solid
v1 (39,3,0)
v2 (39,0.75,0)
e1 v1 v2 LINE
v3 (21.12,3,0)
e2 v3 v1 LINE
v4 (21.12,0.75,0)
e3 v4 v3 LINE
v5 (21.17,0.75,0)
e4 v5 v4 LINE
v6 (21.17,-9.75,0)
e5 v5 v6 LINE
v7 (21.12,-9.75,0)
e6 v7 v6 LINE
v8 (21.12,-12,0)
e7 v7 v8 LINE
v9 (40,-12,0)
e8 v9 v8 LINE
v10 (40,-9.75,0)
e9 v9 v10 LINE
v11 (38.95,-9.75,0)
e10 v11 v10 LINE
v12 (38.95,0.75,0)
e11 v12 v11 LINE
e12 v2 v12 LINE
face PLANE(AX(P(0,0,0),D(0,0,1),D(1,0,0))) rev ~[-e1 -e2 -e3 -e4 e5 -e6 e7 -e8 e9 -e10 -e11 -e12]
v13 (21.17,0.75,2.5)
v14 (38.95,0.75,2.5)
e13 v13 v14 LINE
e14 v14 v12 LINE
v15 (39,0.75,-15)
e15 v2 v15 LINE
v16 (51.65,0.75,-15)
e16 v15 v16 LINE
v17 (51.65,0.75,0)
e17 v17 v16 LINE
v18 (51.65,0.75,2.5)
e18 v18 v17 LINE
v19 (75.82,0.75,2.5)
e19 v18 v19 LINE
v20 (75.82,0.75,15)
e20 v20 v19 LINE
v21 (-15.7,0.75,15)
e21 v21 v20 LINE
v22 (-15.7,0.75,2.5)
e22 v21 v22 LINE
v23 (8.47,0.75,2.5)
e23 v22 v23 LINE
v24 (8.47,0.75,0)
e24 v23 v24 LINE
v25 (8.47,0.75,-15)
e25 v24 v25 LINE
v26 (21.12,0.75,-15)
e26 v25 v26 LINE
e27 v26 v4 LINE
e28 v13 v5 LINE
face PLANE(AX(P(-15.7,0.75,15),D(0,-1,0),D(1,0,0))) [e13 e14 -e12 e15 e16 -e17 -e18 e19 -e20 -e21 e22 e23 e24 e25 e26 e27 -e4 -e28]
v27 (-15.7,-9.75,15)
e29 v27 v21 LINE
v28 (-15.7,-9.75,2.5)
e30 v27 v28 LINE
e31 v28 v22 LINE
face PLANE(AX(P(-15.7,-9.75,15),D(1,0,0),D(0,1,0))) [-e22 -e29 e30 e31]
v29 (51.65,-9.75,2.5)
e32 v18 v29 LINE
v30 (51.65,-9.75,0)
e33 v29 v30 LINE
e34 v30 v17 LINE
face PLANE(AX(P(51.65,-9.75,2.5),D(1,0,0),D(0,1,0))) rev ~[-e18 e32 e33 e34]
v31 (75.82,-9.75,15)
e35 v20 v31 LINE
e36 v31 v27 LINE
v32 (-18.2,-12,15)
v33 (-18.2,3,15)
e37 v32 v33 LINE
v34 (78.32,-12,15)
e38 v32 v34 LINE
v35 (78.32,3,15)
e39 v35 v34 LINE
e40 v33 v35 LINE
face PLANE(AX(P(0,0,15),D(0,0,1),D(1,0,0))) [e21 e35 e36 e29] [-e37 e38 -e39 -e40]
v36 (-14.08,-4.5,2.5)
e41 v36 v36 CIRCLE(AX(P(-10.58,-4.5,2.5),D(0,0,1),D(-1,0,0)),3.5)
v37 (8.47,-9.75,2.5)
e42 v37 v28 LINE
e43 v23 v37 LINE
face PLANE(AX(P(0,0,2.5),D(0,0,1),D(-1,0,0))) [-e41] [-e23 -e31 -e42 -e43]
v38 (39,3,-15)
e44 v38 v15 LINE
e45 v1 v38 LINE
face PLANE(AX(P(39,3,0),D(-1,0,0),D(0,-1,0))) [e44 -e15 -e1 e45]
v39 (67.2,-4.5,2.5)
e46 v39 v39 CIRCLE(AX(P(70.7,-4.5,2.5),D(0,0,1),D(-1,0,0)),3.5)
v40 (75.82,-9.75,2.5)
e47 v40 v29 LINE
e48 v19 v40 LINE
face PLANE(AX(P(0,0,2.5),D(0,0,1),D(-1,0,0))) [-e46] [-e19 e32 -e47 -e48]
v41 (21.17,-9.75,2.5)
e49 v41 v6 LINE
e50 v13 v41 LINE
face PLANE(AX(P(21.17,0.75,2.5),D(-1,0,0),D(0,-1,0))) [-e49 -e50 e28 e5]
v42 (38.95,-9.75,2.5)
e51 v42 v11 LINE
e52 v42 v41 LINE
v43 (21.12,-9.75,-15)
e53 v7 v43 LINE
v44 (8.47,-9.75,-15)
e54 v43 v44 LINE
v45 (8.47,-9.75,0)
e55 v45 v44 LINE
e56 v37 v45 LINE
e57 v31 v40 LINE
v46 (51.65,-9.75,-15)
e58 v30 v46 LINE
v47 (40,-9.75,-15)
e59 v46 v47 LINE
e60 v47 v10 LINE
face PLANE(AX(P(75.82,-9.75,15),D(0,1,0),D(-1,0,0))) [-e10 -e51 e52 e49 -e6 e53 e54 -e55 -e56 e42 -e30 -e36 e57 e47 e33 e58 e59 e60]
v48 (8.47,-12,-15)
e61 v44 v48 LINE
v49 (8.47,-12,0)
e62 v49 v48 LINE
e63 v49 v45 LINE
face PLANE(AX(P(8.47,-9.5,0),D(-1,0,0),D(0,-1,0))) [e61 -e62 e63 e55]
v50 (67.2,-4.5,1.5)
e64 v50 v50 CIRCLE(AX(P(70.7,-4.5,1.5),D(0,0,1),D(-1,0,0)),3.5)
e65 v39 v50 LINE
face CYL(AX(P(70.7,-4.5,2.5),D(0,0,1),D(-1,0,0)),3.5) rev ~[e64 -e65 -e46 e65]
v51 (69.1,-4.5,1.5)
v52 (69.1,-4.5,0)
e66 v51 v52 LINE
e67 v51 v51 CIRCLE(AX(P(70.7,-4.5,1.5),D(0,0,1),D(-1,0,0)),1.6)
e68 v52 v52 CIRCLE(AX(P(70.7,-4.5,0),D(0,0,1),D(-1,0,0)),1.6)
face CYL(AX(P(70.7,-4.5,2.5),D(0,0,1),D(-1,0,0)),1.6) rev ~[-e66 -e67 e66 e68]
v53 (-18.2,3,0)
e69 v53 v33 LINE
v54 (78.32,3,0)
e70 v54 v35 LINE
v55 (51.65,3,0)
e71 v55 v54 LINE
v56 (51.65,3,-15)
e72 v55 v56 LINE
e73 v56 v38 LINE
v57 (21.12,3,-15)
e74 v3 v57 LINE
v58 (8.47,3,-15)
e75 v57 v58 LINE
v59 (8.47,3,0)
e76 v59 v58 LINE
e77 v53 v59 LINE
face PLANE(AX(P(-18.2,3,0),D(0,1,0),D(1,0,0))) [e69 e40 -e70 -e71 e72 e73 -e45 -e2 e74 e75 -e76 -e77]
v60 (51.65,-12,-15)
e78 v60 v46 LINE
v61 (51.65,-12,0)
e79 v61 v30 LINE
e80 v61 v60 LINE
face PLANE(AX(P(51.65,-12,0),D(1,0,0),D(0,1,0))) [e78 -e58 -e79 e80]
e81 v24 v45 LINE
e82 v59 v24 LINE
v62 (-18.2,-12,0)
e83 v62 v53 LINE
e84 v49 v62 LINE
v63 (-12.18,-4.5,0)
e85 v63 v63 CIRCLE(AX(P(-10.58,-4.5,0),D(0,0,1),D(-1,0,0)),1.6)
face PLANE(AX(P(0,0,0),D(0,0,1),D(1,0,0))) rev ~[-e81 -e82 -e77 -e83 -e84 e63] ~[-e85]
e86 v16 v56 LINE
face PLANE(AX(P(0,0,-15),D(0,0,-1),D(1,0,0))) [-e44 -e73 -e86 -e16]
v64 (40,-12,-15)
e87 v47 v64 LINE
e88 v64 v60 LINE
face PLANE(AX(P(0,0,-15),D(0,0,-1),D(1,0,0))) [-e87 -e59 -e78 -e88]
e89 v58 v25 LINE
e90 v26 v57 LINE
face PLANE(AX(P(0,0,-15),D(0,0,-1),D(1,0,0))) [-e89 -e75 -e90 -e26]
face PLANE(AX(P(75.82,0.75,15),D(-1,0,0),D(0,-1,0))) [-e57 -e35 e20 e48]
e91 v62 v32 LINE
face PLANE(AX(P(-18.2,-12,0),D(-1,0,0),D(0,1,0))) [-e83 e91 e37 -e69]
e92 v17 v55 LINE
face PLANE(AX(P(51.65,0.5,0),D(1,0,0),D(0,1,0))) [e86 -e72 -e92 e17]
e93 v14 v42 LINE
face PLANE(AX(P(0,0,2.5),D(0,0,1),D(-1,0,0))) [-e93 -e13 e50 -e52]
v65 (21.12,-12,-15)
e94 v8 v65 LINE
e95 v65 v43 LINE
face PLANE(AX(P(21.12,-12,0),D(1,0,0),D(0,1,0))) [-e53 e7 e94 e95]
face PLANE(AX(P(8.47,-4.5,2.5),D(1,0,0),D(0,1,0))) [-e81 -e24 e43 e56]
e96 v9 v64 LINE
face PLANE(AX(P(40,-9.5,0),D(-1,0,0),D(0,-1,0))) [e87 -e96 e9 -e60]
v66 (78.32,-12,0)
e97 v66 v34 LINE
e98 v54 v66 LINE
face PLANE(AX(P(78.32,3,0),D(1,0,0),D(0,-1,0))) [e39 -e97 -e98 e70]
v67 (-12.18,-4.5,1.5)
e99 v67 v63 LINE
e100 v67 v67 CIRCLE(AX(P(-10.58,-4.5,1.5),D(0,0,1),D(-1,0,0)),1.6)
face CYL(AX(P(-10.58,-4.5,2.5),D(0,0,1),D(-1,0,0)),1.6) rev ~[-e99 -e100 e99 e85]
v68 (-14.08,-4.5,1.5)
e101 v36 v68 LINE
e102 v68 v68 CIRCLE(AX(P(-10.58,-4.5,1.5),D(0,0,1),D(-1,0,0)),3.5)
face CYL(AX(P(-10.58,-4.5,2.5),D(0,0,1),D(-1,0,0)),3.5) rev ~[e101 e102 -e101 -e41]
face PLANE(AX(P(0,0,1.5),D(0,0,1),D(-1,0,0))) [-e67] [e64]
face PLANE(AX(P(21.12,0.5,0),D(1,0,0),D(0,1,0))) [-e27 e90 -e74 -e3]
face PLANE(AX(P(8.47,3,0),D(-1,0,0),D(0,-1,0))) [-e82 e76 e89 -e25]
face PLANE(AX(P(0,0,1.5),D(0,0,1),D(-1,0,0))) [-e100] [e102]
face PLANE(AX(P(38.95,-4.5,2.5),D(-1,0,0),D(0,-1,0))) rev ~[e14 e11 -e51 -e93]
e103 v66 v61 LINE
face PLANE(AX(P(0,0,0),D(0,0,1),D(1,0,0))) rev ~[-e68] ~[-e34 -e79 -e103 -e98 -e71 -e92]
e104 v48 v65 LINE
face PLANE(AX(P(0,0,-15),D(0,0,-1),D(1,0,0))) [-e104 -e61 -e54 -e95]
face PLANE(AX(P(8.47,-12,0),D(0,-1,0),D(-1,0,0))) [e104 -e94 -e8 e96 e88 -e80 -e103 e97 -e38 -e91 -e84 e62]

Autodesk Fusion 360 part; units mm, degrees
sketch "Sketch1" plane through (0, 0, 0) normal (0, 0, 1) x (1, 0, 0)
  line L0 (-18.2, 3) -> (78.32, 3)
  line L1 (78.32, 3) -> (78.32, -12)
  line L2 (78.32, -12) -> (-18.2, -12)
  line L3 (-18.2, -12) -> (-18.2, 3)
  line L4 (-18.2, 3) -> (8.47, 3)
  line L5 (8.47, 3) -> (8.47, 0.5)
  line L6 (8.47, 0.5) -> (21.12, 0.5)
  line L7 (21.12, 0.5) -> (21.12, 3)
  line L8 (78.32, 3) -> (51.65, 3)
  line L9 (51.65, 3) -> (39, 3)
  line L10 (39, 3) -> (39, 0.5)
  line L11 (39, 0.5) -> (51.65, 0.5)
  line L12 (51.65, 0.5) -> (51.65, 3)
  line L13 (8.47, -12) -> (21.12, -12)
  line L14 (8.47, -12) -> (8.47, -9.5)
  line L15 (8.47, -9.5) -> (21.12, -9.5)
  line L16 (21.12, -9.5) -> (21.12, -12)
  line L17 (51.65, -12) -> (39, -12)
  line L18 (40, -12) -> (40, -9.5)
  line L19 (51.65, -12) -> (51.65, -9.5)
  line L20 (40, -9.5) -> (51.65, -9.5)
  dimension "d1" = 96.52
  dimension "d2" = 15
  dimension "d3" = 26.67
  dimension "d4" = 2.5
  dimension "d5" = 12.65
  dimension "d6" = 26.67
  dimension "d7" = 12.65
  dimension "d8" = 12.65
  dimension "d9" = 2.5
  dimension "d10" = 12.65
  dimension "d11" = 2.5
  dimension "d12" = 2.5
extrude "Extrude1" add sketch "Sketch1" along normal blind 15 contours L0 L1 L2 L3 L4 L5 L6 L7 L8 L10 L11 L12 L14 L15 L16 L17 L18 L19 L20 makes body 1
sketch "Sketch2" plane through (0, 0, 0) normal (0, 0, -1) x (1, 0, 0)
  line L0 (40, 9.5) -> (40, 12)
  line L1 (40, 12) -> (21.12, 12)
  line L2 (21.12, 12) -> (21.12, 9.5)
  line L3 (21.12, 9.5) -> (8.47, 9.5)
  line L4 (8.47, 9.5) -> (8.47, 12)
  line L5 (8.47, 12) -> (-18.2, 12)
  line L6 (-18.2, 12) -> (-18.2, -3)
  line L7 (-18.2, -3) -> (8.47, -3)
  line L8 (8.47, -3) -> (8.47, -0.5)
  line L9 (8.47, -0.5) -> (21.12, -0.5)
  line L10 (21.12, -0.5) -> (21.12, -3)
  line L11 (21.12, -3) -> (39, -3)
  line L12 (39, -3) -> (39, -0.5)
  line L13 (39, -0.5) -> (51.65, -0.5)
  line L14 (51.65, -0.5) -> (51.65, -3)
  line L15 (51.65, -3) -> (78.32, -3)
  line L16 (78.32, -3) -> (78.32, 12)
  line L17 (78.32, 12) -> (51.65, 12)
  line L18 (51.65, 12) -> (51.65, 9.5)
  line L19 (51.65, 9.5) -> (40, 9.5)
  line L20 (8.47, 12) -> (21.12, 12)
  line L21 (21.12, 12) -> (21.12, 9.5)
  line L22 (21.12, 9.5) -> (8.47, 9.5)
  line L23 (8.47, 9.5) -> (8.47, 12)
  line L24 (8.47, -0.5) -> (21.12, -0.5)
  line L25 (21.12, -0.5) -> (21.12, -3)
  line L26 (21.12, -3) -> (8.47, -3)
  line L27 (8.47, -3) -> (8.47, -0.5)
  line L28 (40, 12) -> (51.65, 12)
  line L29 (51.65, 12) -> (51.65, 9.5)
  line L30 (51.65, 9.5) -> (40, 9.5)
  line L31 (40, 9.5) -> (40, 12)
  line L32 (39, -0.5) -> (51.65, -0.5)
  line L33 (51.65, -0.5) -> (51.65, -3)
  line L34 (51.65, -3) -> (39, -3)
  line L35 (39, -3) -> (39, -0.5)
extrude "Extrude2" add sketch "Sketch2" along normal blind 15 separate body contours L0 L18 L19 L28 L29 L30 L31 | L2 L3 L4 L20 L21 L22 L23 | L12 L13 L14 L32 L33 L34 L35 | L8 L9 L10 L24 L25 L26 L27 makes body 2 at (47.7667, -9.5, -5) makes body 3 at (47.4333, 3, -5) makes body 4 at (16.9033, -9.5, -5) makes body 5 at (12.6867, 0.5, -5)
extrude "Extrude3" add 4 faces at (43.2167, 1.3333, 0) (12.6867, 1.3333, 0) (16.9033, -11.1667, 0) (47.7667, -10.3333, 0) along direction (0, 0, 1) blind 15 on bodies 2 3 4 5 bodies 1 3 2 4 5
sketch "Sketch3" plane through (0, 0, 15) normal (0, 0, 1) x (-1, 0, 0)
  line L0 (18.2, 12) -> (-78.32, 12)
  line L1 (-78.32, 12) -> (-78.32, -3)
  line L2 (-78.32, -3) -> (18.2, -3)
  line L3 (18.2, -3) -> (18.2, 12)
  line L4 (-75.82, 9.75) -> (15.7, 9.75)
  line L5 (15.7, 9.75) -> (15.7, -0.75)
  line L6 (15.7, -0.75) -> (-75.82, -0.75)
  line L7 (-75.82, -0.75) -> (-75.82, 9.75)
  line L8 (-78.32, 12) -> (-75.82, 12)
  line L9 (-75.82, 12) -> (-75.82, 9.75)
  dimension "d19" = 91.52
  dimension "d20" = 10.5
  dimension "d21" = 2.5
  dimension "d22" = 2.25
extrude "Extrude4" cut sketch "Sketch3" against normal blind 12.5 contours L4 L5 L6 L7 bodies 1
sketch "Sketch4" plane through (0, 0, 2.5) normal (0, 0, 1) x (-1, 0, 0)
  line L0 (-75.82, -0.75) -> (15.7, -0.75)
  line L1 (15.7, -0.75) -> (15.7, 9.75)
  line L2 (15.7, 9.75) -> (-75.82, 9.75)
  line L3 (-75.82, 9.75) -> (-75.82, -0.75)
  line L4 (-75.82, 4.5) -> (-70.7, 4.5)
  circle A0 centre (-70.7, 4.5) radius 1.6
  line L5 (15.7, 4.5) -> (10.58, 4.5)
  circle A1 centre (10.58, 4.5) radius 1.6
  dimension "d25" = 5.12
  dimension "d26" = 3.2
  dimension "d27" = 5.12
  dimension "d28" = 3.2
extrude "Extrude5" cut sketch "Sketch4" against normal blind 100 contours A1 | A0 bodies 1
sketch "Sketch5" plane through (0, 0, 2.5) normal (0, 0, 1) x (-1, 0, 0)
  circle A0 centre (10.58, 4.5) radius 1.6
  circle A1 centre (-70.7, 4.5) radius 1.6
  line L0 (-75.82, -0.75) -> (15.7, -0.75)
  line L1 (15.7, -0.75) -> (15.7, 9.75)
  line L2 (15.7, 9.75) -> (-75.82, 9.75)
  line L3 (-75.82, 9.75) -> (-75.82, -0.75)
  circle A2 centre (10.58, 4.5) radius 3.5
  circle A3 centre (-70.7, 4.5) radius 3.5
  dimension "d31" = 7
  dimension "d32" = 7
extrude "Extrude6" cut sketch "Sketch5" against normal blind 1 contours A2 | A3 bodies 1
sketch "Sketch6" plane through (0, 0, 2.5) normal (0, 0, 1) x (-1, 0, 0)
  circle A0 centre (-70.7, 4.5) radius 3.5
  circle A1 centre (10.58, 4.5) radius 3.5
  line L0 (-75.82, -0.75) -> (15.7, -0.75)
  line L1 (15.7, -0.75) -> (15.7, 9.75)
  line L2 (15.7, 9.75) -> (-75.82, 9.75)
  line L3 (-75.82, 9.75) -> (-75.82, -0.75)
  line L4 (-75.82, 4.5) -> (-78.3, 4.5)
  line L5 (-75.82, 4.5) -> (-51.65, 4.5)
  line L6 (-51.65, 4.5) -> (-38.95, 4.5)
  line L7 (15.7, 4.5) -> (-8.47, 4.5)
  line L8 (-8.47, 4.5) -> (-21.17, 4.5)
  line L9 (-38.95, 9.75) -> (-51.65, 9.75)
  line L10 (-51.65, 9.75) -> (-51.65, -0.75)
  line L11 (-51.65, -0.75) -> (-38.95, -0.75)
  line L12 (-38.95, -0.75) -> (-38.95, 9.75)
  line L13 (-8.47, -0.75) -> (-21.17, -0.75)
  line L14 (-21.17, -0.75) -> (-21.17, 9.75)
  line L15 (-21.17, 9.75) -> (-8.47, 9.75)
  line L16 (-8.47, 9.75) -> (-8.47, -0.75)
  dimension "d35" = 24.17
  dimension "d36" = 12.7
  dimension "d37" = 24.17
  dimension "d38" = 12.7
extrude "Extrude7" cut sketch "Sketch6" against normal blind 100 contours L2 L6 L9 L10 L12 | L0 L6 L10 L11 L12 | L0 L8 L13 L14 L16 | L2 L8 L14 L15 L16 bodies 1
